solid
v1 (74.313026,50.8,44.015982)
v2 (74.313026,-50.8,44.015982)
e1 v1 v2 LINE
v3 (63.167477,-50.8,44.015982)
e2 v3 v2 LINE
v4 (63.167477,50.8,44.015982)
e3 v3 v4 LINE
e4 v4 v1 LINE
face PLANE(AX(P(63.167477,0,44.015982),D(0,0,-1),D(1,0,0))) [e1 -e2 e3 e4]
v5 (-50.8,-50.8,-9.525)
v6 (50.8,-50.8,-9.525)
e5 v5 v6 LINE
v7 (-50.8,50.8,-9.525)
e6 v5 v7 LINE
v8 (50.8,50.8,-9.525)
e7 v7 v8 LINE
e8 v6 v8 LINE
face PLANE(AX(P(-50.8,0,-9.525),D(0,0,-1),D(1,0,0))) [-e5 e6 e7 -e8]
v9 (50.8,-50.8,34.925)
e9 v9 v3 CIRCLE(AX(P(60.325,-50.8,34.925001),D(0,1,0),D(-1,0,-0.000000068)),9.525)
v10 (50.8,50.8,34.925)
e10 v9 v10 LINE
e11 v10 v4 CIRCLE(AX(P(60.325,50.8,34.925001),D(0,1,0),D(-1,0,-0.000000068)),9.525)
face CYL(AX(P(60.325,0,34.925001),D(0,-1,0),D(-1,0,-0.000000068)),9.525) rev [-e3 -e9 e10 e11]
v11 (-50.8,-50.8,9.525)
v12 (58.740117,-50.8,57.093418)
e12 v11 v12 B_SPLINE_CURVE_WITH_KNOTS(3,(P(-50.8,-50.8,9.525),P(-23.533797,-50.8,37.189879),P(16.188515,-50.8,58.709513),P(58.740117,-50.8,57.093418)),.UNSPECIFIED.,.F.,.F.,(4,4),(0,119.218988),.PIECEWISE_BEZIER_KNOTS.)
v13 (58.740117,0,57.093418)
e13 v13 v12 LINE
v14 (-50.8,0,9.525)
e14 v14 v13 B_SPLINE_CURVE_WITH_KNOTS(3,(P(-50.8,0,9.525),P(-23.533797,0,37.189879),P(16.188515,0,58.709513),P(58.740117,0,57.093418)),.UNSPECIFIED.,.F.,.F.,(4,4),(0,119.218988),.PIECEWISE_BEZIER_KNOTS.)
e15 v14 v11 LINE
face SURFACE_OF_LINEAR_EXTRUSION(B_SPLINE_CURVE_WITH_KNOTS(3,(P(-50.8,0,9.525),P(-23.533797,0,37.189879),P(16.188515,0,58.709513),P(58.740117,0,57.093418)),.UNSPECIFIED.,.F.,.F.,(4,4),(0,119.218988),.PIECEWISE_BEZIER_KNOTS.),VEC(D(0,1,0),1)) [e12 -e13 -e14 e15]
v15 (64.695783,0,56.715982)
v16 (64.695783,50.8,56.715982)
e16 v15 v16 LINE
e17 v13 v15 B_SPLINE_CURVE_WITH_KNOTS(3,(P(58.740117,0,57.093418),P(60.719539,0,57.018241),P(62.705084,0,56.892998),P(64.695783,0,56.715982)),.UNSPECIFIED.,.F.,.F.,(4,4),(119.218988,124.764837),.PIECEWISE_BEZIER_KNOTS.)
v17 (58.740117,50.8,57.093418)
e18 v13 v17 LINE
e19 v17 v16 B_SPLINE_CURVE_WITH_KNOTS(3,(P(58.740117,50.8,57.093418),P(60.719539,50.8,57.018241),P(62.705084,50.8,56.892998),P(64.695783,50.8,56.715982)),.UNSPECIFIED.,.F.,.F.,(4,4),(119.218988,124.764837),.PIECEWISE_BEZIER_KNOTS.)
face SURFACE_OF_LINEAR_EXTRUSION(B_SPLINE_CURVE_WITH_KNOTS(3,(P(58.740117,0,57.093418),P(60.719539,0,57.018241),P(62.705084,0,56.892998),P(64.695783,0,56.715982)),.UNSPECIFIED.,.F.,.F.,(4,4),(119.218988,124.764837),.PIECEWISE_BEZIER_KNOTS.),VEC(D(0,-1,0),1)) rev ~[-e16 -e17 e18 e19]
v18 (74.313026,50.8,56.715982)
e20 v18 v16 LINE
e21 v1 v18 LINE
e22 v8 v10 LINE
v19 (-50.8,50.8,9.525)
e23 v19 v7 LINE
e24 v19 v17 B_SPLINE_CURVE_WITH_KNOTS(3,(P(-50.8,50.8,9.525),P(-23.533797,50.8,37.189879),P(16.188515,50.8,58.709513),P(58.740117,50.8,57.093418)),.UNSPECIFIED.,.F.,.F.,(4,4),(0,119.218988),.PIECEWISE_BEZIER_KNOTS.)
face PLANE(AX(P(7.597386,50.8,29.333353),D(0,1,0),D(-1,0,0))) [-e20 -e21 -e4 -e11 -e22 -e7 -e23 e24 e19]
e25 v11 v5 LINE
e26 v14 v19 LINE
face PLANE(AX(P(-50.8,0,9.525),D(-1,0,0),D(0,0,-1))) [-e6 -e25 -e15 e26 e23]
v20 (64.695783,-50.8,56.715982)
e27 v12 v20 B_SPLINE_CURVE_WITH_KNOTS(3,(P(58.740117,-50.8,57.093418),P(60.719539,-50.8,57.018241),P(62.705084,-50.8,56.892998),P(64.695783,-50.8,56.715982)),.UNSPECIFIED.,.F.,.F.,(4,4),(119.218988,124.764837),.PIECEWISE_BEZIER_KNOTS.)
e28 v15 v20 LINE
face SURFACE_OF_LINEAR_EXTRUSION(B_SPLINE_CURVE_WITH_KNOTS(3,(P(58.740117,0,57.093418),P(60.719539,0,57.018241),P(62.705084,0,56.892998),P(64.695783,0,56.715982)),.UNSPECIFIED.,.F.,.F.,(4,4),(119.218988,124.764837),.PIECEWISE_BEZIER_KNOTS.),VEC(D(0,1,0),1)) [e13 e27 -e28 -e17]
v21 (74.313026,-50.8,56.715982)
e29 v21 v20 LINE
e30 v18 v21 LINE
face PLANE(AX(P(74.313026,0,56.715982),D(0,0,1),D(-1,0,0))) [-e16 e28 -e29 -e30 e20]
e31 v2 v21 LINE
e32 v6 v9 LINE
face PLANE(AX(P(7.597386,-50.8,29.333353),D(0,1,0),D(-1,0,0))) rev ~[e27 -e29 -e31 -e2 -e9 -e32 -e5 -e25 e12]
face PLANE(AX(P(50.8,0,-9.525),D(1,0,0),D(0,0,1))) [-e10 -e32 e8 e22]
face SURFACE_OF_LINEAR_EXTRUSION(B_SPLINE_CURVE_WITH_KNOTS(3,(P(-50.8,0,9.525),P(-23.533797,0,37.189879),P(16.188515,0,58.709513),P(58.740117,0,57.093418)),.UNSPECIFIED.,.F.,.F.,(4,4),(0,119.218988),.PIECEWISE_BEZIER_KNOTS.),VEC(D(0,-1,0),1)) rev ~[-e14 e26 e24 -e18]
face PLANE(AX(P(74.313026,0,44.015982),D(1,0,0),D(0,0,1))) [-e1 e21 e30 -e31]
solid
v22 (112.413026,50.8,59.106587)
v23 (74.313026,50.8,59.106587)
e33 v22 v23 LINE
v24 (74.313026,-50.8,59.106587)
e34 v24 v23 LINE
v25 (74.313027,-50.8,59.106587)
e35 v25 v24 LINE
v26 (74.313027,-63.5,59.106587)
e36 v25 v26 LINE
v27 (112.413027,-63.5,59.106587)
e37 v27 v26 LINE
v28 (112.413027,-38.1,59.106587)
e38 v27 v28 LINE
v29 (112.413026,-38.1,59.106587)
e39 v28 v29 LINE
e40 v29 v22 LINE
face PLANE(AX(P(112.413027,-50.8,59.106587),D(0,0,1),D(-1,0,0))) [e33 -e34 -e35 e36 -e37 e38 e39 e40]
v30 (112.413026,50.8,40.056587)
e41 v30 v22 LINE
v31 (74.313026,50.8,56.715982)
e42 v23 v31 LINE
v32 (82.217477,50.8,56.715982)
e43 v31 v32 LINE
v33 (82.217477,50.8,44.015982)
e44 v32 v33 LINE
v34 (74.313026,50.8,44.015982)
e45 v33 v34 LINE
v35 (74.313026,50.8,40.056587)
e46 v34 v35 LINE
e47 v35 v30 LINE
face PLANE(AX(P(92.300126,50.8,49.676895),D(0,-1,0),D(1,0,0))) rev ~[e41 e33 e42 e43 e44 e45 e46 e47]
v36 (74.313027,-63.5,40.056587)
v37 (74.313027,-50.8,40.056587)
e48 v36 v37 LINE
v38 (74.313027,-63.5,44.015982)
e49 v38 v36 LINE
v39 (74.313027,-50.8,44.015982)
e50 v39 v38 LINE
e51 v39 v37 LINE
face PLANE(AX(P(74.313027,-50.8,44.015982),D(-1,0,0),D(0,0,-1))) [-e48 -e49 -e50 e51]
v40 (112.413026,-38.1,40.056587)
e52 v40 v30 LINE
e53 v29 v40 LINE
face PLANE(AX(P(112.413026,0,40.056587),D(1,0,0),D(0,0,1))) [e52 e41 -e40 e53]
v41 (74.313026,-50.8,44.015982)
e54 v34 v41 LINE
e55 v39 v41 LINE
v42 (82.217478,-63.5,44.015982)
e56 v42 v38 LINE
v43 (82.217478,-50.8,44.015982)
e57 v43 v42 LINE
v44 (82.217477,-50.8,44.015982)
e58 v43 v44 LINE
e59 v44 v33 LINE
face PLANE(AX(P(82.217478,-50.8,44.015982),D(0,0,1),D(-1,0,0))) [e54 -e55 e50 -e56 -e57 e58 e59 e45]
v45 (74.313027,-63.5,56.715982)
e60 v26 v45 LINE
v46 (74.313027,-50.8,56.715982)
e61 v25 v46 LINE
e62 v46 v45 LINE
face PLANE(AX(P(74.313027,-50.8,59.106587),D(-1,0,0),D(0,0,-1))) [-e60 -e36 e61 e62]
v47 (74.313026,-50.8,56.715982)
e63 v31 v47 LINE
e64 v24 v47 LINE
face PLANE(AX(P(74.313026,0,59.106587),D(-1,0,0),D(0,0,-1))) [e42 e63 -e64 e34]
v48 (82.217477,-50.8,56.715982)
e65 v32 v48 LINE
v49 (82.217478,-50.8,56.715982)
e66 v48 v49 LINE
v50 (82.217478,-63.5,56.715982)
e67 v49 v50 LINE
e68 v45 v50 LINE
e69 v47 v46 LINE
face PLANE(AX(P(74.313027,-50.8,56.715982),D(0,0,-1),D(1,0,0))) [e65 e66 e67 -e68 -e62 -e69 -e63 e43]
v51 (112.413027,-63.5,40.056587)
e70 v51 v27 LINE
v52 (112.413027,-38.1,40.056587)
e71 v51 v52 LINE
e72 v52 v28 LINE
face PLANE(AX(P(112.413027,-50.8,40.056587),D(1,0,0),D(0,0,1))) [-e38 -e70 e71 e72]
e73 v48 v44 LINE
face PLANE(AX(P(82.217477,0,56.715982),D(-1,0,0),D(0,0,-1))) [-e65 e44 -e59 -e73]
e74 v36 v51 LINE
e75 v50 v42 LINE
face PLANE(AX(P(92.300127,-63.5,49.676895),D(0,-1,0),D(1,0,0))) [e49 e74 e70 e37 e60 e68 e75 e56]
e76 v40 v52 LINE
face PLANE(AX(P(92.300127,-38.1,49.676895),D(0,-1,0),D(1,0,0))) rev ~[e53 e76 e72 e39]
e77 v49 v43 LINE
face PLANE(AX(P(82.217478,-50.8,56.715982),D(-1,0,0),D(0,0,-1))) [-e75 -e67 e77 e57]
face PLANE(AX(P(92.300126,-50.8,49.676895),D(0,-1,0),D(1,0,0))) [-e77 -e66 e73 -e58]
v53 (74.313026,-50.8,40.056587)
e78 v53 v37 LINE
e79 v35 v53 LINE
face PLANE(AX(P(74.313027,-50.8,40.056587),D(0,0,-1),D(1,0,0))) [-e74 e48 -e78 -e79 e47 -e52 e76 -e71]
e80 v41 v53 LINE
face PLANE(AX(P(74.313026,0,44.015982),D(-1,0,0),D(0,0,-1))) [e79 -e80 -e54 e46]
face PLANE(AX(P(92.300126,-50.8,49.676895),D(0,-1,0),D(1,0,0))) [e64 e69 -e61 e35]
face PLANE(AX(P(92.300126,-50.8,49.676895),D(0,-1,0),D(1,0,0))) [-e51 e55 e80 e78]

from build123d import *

# Parameters (mm, degrees)
F1_DEPTH = 50.8
F2_DEPTH = 12.7


with BuildPart() as f1:
    # F0 (on Front) → F1 (new body, symmetric)
    with BuildSketch(Plane.XZ):
        with BuildLine():
            add(Edge.make_bspline(
                [(-50.8, 9.525), (-23.533797, 37.189879), (16.188515, 58.709513), (58.740117, 57.093418)],
                knots=[0, 0, 0, 0, 119.218988, 119.218988, 119.218988, 119.218988], degree=3))
            Line((-50.8, 9.525), (38.1, 9.525))
            Line((38.1, 9.525), (38.1, 34.925))
            ThreePointArc((38.1, 34.925), (44.058859, 50.069745), (58.740117, 57.093418))
        make_face()
        Polygon((-50.8, 9.525), (-50.8, -9.525), (50.8, -9.525), (50.8, 9.525), (38.1, 9.525), align=None)
        with BuildLine():
            Line((38.1, 9.525), (50.8, 9.525))
            Line((50.8, 9.525), (50.8, 34.925))
            ThreePointArc((50.8, 34.925), (54.683589, 42.599641), (63.167477, 44.015982))
            Line((63.167477, 44.015982), (74.313026, 44.015982))
            Line((74.313026, 44.015982), (74.313026, 56.715982))
            Line((74.313026, 56.715982), (64.695783, 56.715982))
            add(Edge.make_bspline(
                [(58.740117, 57.093418), (60.719539, 57.018241), (62.705084, 56.892998), (64.695783, 56.715982)],
                knots=[119.218988, 119.218988, 119.218988, 119.218988, 124.764837, 124.764837, 124.764837, 124.764837], degree=3))
            ThreePointArc((58.740117, 57.093418), (44.058859, 50.069745), (38.1, 34.925))
            Line((38.1, 34.925), (38.1, 9.525))
        make_face()
        Polygon((74.313026, 59.106587), (74.313026, 56.715982), (82.217477, 56.715982), (82.217477, 44.015982), (74.313026, 44.015982), (74.313026, 40.056587), (112.413026, 40.056587), (112.413026, 59.106587), align=None)
    extrude(amount=F1_DEPTH, both=True)

    # F1_face (on face) → F2 (join, symmetric)
    with BuildSketch(Plane(origin=(95.786385, -50.8, 49.455683), x_dir=(1, 0, 0), z_dir=(0, -1, 0))):
        Polygon((16.626642, 9.650904), (-21.473358, 9.650904), (-21.473358, 7.260299), (-13.568907, 7.260299), (-13.568907, -5.439701), (-21.473358, -5.439701), (-21.473358, -9.399096), (16.626642, -9.399096), align=None)
    extrude(amount=F2_DEPTH, both=True)


solid = f1.part
